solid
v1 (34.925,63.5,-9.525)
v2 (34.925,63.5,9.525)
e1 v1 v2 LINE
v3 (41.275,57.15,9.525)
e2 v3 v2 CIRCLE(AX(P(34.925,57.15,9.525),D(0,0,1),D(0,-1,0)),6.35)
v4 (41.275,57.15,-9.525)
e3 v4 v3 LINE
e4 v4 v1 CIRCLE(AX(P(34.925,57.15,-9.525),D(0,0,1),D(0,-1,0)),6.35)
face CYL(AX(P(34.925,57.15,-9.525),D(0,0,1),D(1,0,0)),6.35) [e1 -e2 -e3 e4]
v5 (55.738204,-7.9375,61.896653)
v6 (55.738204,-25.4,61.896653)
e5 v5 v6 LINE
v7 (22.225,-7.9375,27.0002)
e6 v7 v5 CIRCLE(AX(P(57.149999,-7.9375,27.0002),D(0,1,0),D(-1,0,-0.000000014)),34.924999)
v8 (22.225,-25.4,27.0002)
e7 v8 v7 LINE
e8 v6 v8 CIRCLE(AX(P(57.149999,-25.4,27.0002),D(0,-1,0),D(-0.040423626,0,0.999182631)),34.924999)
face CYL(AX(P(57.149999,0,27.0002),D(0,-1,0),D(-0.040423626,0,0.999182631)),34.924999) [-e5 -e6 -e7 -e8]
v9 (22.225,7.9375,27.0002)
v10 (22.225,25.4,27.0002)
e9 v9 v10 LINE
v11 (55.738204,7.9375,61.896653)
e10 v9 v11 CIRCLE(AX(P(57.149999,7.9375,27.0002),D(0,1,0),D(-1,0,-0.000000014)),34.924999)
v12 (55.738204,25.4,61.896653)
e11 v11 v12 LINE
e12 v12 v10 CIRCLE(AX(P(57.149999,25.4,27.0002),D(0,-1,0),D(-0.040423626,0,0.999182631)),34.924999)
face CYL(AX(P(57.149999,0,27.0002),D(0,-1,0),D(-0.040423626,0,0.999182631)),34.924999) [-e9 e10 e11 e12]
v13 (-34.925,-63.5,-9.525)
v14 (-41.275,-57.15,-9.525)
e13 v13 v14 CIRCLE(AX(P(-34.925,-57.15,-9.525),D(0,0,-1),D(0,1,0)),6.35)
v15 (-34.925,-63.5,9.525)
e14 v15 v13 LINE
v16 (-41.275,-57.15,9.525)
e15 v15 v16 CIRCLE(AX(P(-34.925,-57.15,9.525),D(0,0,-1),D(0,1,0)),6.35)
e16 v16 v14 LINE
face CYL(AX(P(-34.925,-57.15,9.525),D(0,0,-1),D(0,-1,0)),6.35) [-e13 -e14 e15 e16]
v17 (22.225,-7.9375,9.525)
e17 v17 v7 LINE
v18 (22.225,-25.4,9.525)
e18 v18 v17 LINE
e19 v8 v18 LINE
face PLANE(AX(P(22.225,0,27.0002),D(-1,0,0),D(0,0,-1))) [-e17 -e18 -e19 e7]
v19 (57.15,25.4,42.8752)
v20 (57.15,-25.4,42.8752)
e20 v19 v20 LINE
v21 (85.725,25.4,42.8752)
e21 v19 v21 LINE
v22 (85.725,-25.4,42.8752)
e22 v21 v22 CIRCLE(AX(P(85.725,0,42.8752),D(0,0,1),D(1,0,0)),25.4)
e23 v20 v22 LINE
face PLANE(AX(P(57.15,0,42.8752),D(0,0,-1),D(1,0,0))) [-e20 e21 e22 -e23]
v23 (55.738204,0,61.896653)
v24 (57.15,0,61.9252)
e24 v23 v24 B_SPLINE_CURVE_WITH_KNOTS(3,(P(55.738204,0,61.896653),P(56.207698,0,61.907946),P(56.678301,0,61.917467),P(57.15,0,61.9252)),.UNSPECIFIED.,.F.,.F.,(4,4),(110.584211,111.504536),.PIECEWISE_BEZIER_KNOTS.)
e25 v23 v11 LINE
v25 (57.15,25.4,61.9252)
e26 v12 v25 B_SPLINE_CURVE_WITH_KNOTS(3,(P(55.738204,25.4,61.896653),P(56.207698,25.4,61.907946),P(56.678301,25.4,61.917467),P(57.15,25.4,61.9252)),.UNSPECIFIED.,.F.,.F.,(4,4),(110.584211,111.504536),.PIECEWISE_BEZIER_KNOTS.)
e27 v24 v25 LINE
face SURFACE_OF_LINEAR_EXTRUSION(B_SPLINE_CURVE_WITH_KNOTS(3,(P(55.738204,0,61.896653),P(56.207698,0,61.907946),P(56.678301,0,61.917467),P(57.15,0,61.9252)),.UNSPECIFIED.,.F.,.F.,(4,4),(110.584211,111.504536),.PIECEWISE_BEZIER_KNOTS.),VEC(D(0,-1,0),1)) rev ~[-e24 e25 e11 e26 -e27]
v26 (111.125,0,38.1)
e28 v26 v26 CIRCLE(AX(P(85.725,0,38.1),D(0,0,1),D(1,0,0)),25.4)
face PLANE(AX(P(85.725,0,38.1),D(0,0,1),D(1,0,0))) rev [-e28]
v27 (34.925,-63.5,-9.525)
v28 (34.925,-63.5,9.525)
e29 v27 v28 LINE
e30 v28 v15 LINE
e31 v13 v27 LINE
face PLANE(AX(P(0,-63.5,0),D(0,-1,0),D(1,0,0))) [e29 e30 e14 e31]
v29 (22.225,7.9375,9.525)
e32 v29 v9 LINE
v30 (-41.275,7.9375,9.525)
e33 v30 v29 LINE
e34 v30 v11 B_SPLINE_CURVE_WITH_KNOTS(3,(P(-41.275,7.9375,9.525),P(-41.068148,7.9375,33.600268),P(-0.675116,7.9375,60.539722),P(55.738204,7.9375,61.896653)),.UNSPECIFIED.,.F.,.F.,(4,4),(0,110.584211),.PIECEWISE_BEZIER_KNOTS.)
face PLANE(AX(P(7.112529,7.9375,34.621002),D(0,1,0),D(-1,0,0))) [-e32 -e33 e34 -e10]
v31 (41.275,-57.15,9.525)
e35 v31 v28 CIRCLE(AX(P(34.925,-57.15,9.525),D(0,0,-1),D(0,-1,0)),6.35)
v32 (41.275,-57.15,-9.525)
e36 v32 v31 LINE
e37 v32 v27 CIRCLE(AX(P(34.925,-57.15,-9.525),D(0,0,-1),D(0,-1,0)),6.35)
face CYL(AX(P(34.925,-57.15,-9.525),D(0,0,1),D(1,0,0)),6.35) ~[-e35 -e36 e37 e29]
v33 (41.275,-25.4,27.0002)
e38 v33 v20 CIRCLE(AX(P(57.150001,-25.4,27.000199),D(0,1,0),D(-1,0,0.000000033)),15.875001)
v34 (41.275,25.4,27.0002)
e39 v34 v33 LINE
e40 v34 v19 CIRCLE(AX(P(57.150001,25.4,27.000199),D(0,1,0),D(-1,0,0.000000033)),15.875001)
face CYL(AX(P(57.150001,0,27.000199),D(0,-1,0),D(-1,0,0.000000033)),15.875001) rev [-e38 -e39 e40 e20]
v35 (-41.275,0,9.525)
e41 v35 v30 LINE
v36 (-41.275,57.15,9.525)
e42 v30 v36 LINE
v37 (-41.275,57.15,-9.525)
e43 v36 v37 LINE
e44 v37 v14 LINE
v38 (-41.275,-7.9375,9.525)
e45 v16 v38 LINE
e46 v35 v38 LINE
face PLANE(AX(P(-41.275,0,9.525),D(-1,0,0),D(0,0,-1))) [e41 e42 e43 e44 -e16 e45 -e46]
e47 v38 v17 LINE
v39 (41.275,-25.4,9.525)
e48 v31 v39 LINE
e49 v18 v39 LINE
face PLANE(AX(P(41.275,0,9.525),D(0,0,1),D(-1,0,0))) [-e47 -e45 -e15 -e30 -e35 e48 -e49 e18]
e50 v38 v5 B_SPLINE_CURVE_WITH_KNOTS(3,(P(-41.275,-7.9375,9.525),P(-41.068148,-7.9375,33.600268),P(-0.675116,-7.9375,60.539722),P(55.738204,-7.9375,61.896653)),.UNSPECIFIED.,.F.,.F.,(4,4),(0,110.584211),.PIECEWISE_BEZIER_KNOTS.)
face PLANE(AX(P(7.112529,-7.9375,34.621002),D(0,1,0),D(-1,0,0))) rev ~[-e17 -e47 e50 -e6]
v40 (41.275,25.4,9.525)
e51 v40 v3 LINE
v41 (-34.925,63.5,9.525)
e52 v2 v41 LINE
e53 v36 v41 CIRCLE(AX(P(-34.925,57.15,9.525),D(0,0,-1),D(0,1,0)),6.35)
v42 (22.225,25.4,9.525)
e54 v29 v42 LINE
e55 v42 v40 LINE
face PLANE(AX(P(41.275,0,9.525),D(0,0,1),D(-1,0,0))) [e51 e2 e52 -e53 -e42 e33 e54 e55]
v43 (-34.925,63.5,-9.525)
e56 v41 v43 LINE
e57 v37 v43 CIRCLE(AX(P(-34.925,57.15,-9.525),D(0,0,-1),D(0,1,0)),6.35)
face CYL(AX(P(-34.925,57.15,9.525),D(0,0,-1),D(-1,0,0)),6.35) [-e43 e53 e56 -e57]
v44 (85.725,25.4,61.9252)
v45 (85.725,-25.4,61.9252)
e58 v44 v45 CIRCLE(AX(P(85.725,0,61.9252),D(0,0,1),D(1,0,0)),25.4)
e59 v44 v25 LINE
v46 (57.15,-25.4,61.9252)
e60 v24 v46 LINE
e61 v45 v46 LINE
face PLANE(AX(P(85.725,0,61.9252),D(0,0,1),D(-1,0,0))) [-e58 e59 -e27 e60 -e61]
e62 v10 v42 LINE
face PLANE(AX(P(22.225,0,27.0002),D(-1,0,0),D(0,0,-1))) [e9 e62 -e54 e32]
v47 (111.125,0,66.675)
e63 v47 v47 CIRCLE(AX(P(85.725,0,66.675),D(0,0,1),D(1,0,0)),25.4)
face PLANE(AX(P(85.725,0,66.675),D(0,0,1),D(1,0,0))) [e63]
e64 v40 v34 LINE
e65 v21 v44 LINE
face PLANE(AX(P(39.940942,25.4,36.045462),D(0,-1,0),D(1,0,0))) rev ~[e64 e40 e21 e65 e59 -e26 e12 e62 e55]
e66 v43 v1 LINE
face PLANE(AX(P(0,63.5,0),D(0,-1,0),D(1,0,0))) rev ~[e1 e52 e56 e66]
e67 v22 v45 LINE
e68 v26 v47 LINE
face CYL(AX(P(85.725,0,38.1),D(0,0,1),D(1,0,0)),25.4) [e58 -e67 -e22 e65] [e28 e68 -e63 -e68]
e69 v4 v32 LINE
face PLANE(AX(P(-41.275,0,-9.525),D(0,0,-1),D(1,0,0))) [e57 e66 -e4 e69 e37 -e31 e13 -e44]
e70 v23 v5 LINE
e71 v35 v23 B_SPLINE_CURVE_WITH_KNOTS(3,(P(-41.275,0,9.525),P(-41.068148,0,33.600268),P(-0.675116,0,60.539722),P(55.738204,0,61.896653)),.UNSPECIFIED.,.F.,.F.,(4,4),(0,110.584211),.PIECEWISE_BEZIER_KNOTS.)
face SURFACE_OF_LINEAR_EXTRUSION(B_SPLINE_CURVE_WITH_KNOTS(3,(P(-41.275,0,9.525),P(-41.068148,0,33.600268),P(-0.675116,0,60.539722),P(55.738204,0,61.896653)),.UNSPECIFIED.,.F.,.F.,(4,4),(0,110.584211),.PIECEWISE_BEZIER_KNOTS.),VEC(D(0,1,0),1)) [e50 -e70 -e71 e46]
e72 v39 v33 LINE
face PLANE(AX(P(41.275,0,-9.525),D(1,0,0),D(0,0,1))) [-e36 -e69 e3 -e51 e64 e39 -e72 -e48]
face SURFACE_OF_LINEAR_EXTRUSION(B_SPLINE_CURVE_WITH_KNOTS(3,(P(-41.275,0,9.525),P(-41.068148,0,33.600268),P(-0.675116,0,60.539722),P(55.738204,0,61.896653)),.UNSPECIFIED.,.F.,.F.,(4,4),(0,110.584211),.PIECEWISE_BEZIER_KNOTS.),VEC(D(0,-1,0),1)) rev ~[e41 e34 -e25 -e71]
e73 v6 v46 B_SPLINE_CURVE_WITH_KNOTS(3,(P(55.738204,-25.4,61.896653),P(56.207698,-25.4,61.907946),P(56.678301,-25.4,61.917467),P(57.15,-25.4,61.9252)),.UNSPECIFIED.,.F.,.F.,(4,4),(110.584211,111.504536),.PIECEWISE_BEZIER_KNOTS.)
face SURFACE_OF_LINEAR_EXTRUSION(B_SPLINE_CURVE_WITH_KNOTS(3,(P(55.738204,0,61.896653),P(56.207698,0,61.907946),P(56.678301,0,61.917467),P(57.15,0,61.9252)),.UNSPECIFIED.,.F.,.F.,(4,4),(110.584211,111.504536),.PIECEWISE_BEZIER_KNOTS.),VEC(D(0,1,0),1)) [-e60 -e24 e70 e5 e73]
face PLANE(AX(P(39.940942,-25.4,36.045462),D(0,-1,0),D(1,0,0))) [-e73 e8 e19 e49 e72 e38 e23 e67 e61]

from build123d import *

# Parameters (mm, degrees)
F1_DEPTH = 63.5
F2_DEPTH = 25.4
F3_DEPTH = 7.9375
F5_R     = 6.35


with BuildPart() as f1:
    # F0 (on Front) → F1 (new body, symmetric)
    with BuildSketch(Plane.XZ):
        Polygon((-41.275, 9.525), (-41.275, -9.525), (41.275, -9.525), (41.275, 9.525), (22.225, 9.525), align=None)
    extrude(amount=F1_DEPTH, both=True)

    # F0 (on Front) → F2 (join, symmetric)
    with BuildSketch(Plane.XZ):
        with BuildLine():
            Line((22.225, 9.525), (41.275, 9.525))
            Line((41.275, 9.525), (41.275, 27.0002))
            ThreePointArc((41.275, 27.0002), (45.92468, 38.22552), (57.15, 42.8752))
            Line((57.15, 42.8752), (60.325, 42.8752))
            Line((60.325, 42.8752), (60.325, 61.9252))
            Line((60.325, 61.9252), (57.15, 61.9252))
            add(Edge.make_bspline(
                [(55.738204, 61.896653), (56.207698, 61.907946), (56.678301, 61.917467), (57.15, 61.9252)],
                knots=[110.584211, 110.584211, 110.584211, 110.584211, 111.504536, 111.504536, 111.504536, 111.504536], degree=3))
            ThreePointArc((55.738204, 61.896653), (31.960095, 51.19161), (22.225, 27.0002))
            Line((22.225, 27.0002), (22.225, 9.525))
        make_face()
        Polygon((85.725, 61.9252), (60.325, 61.9252), (60.325, 42.8752), (85.725, 42.8752), (85.725, 52.3875), align=None)
    extrude(amount=F2_DEPTH, both=True)

    # F0 (on Front) → F3 (join, symmetric)
    with BuildSketch(Plane.XZ):
        with BuildLine():
            add(Edge.make_bspline(
                [(-41.275, 9.525), (-41.068148, 33.600268), (-0.675116, 60.539722), (55.738204, 61.896653)],
                knots=[0, 0, 0, 0, 110.584211, 110.584211, 110.584211, 110.584211], degree=3))
            Line((-41.275, 9.525), (22.225, 9.525))
            Line((22.225, 9.525), (22.225, 27.0002))
            ThreePointArc((22.225, 27.0002), (31.960095, 51.19161), (55.738204, 61.896653))
        make_face()
    extrude(amount=F3_DEPTH, both=True)

    # F0 (on Front) → F4 (revolve)
    with BuildSketch(Plane.XZ):
        Polygon((85.725, 66.675), (85.725, 61.9252), (85.725, 52.3875), (85.725, 42.8752), (85.725, 38.1), (111.125, 38.1), (111.125, 66.675), align=None)
    revolve(axis=Axis((85.725, 0, 57.15635), (0, 0, 1)))

    # F5
    f5_edges = [f1.edges().sort_by_distance(p)[0] for p in [
        (41.275, 63.5, 0),
        (-41.275, 63.5, 0),
        (41.275, -63.5, 0),
        (-41.275, -63.5, 0),
    ]]
    fillet(f5_edges, radius=F5_R)


solid = f1.part
